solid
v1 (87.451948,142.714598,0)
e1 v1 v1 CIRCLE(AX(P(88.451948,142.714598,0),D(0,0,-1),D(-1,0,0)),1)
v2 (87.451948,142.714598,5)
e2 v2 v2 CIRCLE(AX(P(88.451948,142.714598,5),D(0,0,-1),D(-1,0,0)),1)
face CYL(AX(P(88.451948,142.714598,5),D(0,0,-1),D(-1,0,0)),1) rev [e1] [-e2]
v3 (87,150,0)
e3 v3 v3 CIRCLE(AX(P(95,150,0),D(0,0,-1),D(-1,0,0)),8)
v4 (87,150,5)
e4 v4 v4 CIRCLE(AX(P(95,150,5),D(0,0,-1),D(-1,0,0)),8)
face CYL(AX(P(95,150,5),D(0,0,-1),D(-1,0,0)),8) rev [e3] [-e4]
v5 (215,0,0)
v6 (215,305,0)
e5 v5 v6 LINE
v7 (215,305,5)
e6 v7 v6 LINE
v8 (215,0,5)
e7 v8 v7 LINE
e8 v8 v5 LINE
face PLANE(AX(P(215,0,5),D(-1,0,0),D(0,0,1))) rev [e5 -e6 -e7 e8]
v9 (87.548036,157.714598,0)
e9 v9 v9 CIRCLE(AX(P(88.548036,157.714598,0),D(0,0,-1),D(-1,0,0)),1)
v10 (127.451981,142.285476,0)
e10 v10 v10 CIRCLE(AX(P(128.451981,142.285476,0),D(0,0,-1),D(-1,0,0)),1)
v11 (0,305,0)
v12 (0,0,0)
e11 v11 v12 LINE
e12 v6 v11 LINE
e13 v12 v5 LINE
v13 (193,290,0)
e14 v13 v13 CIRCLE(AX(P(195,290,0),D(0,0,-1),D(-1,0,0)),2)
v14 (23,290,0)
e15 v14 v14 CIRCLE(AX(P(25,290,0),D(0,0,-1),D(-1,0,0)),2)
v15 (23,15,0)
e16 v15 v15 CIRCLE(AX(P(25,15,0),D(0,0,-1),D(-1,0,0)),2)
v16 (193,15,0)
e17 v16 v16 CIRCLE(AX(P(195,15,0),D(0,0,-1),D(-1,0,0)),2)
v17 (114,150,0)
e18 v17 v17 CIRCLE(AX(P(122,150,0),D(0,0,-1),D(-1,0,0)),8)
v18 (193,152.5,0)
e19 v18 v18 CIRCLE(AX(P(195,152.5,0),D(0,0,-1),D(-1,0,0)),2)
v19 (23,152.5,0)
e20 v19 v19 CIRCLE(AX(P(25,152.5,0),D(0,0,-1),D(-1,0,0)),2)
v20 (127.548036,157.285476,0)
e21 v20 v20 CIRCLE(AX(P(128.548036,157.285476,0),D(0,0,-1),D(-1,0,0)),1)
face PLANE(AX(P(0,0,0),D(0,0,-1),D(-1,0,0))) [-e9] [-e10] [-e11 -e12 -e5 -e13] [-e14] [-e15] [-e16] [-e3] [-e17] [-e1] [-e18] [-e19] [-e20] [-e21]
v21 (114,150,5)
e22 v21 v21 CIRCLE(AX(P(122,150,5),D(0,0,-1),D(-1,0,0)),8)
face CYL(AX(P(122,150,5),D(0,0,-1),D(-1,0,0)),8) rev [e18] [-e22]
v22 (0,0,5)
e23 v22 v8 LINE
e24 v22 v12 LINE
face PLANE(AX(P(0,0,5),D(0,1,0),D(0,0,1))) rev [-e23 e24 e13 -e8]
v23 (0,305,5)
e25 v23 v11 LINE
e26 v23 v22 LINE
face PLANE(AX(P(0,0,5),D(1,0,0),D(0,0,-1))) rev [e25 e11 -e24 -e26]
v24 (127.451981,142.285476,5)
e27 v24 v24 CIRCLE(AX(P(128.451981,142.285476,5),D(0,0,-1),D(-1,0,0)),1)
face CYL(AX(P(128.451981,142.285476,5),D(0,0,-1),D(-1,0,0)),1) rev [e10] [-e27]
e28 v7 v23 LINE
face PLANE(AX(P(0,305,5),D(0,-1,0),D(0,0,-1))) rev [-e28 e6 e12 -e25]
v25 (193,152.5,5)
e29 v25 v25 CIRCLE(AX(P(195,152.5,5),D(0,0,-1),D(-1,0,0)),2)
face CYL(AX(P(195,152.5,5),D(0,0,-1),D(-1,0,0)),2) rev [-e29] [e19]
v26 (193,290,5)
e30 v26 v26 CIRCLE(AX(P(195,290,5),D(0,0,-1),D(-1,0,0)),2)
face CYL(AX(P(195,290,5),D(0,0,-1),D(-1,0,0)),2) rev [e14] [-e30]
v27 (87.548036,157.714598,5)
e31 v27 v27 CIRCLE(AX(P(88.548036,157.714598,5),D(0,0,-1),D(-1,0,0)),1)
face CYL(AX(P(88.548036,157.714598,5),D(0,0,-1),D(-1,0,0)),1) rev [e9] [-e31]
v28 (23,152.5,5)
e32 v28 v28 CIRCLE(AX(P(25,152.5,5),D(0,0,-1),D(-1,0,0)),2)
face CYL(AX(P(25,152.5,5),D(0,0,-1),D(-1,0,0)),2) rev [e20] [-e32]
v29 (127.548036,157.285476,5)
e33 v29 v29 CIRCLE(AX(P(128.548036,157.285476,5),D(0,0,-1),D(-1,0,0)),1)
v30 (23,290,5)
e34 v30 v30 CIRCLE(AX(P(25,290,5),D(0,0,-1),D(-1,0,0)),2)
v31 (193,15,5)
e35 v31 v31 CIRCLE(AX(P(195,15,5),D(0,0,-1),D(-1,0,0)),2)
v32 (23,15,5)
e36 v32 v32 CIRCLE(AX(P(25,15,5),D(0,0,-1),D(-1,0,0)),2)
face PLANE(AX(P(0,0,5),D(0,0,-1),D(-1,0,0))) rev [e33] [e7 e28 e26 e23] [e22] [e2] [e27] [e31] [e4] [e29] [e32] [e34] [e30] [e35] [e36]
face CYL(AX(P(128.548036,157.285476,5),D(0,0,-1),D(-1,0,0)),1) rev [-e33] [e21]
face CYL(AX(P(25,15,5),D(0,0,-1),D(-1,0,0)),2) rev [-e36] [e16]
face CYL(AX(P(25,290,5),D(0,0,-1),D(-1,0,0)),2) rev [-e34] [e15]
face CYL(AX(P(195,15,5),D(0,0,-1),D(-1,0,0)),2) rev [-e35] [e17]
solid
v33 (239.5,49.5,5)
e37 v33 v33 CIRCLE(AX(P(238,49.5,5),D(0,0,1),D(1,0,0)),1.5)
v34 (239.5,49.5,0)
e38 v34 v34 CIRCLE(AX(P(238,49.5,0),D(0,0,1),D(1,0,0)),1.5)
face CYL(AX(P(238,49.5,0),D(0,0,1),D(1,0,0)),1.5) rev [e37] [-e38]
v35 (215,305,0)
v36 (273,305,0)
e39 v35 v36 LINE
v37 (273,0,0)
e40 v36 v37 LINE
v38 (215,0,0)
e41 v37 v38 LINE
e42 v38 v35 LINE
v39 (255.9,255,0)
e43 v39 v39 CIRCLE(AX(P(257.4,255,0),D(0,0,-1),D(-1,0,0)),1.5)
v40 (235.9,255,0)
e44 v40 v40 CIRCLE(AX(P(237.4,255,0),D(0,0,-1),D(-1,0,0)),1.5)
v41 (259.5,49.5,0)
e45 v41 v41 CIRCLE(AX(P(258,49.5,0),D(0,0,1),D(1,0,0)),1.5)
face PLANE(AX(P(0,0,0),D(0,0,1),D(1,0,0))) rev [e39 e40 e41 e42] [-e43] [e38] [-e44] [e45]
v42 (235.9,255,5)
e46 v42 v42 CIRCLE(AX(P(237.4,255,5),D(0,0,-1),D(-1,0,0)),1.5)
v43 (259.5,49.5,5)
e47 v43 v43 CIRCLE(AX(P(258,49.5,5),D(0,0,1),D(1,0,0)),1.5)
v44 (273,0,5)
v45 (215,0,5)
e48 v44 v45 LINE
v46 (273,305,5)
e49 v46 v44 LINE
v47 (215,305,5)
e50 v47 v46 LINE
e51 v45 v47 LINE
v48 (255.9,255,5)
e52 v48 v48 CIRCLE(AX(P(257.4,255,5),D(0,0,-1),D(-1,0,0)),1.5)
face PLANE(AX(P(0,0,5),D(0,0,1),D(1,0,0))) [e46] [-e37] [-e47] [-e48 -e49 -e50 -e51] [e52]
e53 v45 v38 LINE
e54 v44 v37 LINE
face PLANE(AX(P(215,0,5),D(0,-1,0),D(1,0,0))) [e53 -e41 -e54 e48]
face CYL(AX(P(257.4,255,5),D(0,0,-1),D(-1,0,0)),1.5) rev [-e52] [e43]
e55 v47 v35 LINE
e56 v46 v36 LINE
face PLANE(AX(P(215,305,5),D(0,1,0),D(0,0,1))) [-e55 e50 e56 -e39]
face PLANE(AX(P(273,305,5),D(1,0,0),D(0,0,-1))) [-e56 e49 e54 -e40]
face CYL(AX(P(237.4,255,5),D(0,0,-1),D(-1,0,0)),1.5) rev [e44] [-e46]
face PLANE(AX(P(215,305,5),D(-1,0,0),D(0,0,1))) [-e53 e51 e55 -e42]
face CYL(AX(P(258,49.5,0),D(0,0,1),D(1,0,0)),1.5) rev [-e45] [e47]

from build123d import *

# Parameters (mm, degrees)
ESQUISSE1_W             = 215
ESQUISSE1_H             = 305
BOSS_EXTRU_1_DEPTH      = 5
ESQUISSE2_R             = 2
ENL_V_MAT_EXTRU_1_DEPTH = 5
ESQUISSE3_W             = 58
ESQUISSE3_H             = 305
BOSS_EXTRU_2_DEPTH      = 5
ESQUISSE4_R             = 1.5
ENL_V_MAT_EXTRU_3_DEPTH = 410.364141077
ESQUISSE5_R             = 1.5
ENL_V_MAT_EXTRU_4_DEPTH = 410.364141077
ESQUISSE6_R             = 8
ENL_V_MAT_EXTRU_5_DEPTH = 410.364141077
ESQUISSE7_R             = 1
ENL_V_MAT_EXTRU_7_DEPTH = 410.364141077


with BuildPart() as part:
    # Esquisse1 → Boss.-Extru.1 (new body)
    with BuildSketch(Plane.XY):
        with Locations((107.5, 152.5)):
            Rectangle(ESQUISSE1_W, ESQUISSE1_H)
    extrude(amount=BOSS_EXTRU_1_DEPTH)

    # Esquisse2 → Enlèv. mat.-Extru.1 (cut)
    with BuildSketch(Plane(origin=(0, 0, 0), x_dir=(-1, 0, 0), z_dir=(0, 0, -1))):
        with Locations((-195, 290)):
            Circle(ESQUISSE2_R)
        with Locations((-25, 290)):
            Circle(ESQUISSE2_R)
        with Locations((-25, 15)):
            Circle(ESQUISSE2_R)
        with Locations((-195, 15)):
            Circle(ESQUISSE2_R)
        with Locations((-195, 152.5)):
            Circle(ESQUISSE2_R)
        with Locations((-25, 152.5)):
            Circle(ESQUISSE2_R)
    extrude(amount=-ENL_V_MAT_EXTRU_1_DEPTH, mode=Mode.SUBTRACT)

    # Esquisse6 → Enlèv. mat.-Extru.5 (cut, through all)
    with BuildSketch(Plane(origin=(0, 0, 0), x_dir=(-1, 0, 0), z_dir=(0, 0, -1))):
        with Locations((-122, 150)):
            Circle(ESQUISSE6_R)
        with Locations((-95, 150)):
            Circle(ESQUISSE6_R)
    extrude(amount=-ENL_V_MAT_EXTRU_5_DEPTH, mode=Mode.SUBTRACT)

    # Esquisse7 → Enlèv. mat.-Extru.7 (cut, through all)
    with BuildSketch(Plane(origin=(0, 0, 0), x_dir=(-1, 0, 0), z_dir=(0, 0, -1))):
        with Locations((-128.548036325, 157.285475877)):
            Circle(ESQUISSE7_R)
        with Locations((-128.451980772, 142.285475877)):
            Circle(ESQUISSE7_R)
        with Locations((-88.548036325, 157.714598257)):
            Circle(ESQUISSE7_R)
        with Locations((-88.451947576, 142.714598257)):
            Circle(ESQUISSE7_R)
    extrude(amount=-ENL_V_MAT_EXTRU_7_DEPTH, mode=Mode.SUBTRACT)


with BuildPart() as body_2:
    # Esquisse3 → Boss.-Extru.2 (new body)
    with BuildSketch(Plane(origin=(0, 0, 0), x_dir=(-1, 0, 0), z_dir=(0, 0, -1))):
        with Locations((-244, 152.5)):
            Rectangle(ESQUISSE3_W, ESQUISSE3_H)
    extrude(amount=-BOSS_EXTRU_2_DEPTH)

    # Esquisse4 → Enlèv. mat.-Extru.3 (cut, through all)
    with BuildSketch(Plane(origin=(0, 0, 0), x_dir=(-1, 0, 0), z_dir=(0, 0, -1))):
        with Locations((-237.4, 255)):
            Circle(ESQUISSE4_R)
        with Locations((-257.4, 255)):
            Circle(ESQUISSE4_R)
    extrude(amount=-ENL_V_MAT_EXTRU_3_DEPTH, mode=Mode.SUBTRACT)

    # Esquisse5 → Enlèv. mat.-Extru.4 (cut, through all)
    with BuildSketch(Plane.XY.offset(5)):
        with Locations((238, 49.5)):
            Circle(ESQUISSE5_R)
        with Locations((258, 49.5)):
            Circle(ESQUISSE5_R)
    extrude(amount=-ENL_V_MAT_EXTRU_4_DEPTH, mode=Mode.SUBTRACT)


solid = Compound([part.part, body_2.part])
